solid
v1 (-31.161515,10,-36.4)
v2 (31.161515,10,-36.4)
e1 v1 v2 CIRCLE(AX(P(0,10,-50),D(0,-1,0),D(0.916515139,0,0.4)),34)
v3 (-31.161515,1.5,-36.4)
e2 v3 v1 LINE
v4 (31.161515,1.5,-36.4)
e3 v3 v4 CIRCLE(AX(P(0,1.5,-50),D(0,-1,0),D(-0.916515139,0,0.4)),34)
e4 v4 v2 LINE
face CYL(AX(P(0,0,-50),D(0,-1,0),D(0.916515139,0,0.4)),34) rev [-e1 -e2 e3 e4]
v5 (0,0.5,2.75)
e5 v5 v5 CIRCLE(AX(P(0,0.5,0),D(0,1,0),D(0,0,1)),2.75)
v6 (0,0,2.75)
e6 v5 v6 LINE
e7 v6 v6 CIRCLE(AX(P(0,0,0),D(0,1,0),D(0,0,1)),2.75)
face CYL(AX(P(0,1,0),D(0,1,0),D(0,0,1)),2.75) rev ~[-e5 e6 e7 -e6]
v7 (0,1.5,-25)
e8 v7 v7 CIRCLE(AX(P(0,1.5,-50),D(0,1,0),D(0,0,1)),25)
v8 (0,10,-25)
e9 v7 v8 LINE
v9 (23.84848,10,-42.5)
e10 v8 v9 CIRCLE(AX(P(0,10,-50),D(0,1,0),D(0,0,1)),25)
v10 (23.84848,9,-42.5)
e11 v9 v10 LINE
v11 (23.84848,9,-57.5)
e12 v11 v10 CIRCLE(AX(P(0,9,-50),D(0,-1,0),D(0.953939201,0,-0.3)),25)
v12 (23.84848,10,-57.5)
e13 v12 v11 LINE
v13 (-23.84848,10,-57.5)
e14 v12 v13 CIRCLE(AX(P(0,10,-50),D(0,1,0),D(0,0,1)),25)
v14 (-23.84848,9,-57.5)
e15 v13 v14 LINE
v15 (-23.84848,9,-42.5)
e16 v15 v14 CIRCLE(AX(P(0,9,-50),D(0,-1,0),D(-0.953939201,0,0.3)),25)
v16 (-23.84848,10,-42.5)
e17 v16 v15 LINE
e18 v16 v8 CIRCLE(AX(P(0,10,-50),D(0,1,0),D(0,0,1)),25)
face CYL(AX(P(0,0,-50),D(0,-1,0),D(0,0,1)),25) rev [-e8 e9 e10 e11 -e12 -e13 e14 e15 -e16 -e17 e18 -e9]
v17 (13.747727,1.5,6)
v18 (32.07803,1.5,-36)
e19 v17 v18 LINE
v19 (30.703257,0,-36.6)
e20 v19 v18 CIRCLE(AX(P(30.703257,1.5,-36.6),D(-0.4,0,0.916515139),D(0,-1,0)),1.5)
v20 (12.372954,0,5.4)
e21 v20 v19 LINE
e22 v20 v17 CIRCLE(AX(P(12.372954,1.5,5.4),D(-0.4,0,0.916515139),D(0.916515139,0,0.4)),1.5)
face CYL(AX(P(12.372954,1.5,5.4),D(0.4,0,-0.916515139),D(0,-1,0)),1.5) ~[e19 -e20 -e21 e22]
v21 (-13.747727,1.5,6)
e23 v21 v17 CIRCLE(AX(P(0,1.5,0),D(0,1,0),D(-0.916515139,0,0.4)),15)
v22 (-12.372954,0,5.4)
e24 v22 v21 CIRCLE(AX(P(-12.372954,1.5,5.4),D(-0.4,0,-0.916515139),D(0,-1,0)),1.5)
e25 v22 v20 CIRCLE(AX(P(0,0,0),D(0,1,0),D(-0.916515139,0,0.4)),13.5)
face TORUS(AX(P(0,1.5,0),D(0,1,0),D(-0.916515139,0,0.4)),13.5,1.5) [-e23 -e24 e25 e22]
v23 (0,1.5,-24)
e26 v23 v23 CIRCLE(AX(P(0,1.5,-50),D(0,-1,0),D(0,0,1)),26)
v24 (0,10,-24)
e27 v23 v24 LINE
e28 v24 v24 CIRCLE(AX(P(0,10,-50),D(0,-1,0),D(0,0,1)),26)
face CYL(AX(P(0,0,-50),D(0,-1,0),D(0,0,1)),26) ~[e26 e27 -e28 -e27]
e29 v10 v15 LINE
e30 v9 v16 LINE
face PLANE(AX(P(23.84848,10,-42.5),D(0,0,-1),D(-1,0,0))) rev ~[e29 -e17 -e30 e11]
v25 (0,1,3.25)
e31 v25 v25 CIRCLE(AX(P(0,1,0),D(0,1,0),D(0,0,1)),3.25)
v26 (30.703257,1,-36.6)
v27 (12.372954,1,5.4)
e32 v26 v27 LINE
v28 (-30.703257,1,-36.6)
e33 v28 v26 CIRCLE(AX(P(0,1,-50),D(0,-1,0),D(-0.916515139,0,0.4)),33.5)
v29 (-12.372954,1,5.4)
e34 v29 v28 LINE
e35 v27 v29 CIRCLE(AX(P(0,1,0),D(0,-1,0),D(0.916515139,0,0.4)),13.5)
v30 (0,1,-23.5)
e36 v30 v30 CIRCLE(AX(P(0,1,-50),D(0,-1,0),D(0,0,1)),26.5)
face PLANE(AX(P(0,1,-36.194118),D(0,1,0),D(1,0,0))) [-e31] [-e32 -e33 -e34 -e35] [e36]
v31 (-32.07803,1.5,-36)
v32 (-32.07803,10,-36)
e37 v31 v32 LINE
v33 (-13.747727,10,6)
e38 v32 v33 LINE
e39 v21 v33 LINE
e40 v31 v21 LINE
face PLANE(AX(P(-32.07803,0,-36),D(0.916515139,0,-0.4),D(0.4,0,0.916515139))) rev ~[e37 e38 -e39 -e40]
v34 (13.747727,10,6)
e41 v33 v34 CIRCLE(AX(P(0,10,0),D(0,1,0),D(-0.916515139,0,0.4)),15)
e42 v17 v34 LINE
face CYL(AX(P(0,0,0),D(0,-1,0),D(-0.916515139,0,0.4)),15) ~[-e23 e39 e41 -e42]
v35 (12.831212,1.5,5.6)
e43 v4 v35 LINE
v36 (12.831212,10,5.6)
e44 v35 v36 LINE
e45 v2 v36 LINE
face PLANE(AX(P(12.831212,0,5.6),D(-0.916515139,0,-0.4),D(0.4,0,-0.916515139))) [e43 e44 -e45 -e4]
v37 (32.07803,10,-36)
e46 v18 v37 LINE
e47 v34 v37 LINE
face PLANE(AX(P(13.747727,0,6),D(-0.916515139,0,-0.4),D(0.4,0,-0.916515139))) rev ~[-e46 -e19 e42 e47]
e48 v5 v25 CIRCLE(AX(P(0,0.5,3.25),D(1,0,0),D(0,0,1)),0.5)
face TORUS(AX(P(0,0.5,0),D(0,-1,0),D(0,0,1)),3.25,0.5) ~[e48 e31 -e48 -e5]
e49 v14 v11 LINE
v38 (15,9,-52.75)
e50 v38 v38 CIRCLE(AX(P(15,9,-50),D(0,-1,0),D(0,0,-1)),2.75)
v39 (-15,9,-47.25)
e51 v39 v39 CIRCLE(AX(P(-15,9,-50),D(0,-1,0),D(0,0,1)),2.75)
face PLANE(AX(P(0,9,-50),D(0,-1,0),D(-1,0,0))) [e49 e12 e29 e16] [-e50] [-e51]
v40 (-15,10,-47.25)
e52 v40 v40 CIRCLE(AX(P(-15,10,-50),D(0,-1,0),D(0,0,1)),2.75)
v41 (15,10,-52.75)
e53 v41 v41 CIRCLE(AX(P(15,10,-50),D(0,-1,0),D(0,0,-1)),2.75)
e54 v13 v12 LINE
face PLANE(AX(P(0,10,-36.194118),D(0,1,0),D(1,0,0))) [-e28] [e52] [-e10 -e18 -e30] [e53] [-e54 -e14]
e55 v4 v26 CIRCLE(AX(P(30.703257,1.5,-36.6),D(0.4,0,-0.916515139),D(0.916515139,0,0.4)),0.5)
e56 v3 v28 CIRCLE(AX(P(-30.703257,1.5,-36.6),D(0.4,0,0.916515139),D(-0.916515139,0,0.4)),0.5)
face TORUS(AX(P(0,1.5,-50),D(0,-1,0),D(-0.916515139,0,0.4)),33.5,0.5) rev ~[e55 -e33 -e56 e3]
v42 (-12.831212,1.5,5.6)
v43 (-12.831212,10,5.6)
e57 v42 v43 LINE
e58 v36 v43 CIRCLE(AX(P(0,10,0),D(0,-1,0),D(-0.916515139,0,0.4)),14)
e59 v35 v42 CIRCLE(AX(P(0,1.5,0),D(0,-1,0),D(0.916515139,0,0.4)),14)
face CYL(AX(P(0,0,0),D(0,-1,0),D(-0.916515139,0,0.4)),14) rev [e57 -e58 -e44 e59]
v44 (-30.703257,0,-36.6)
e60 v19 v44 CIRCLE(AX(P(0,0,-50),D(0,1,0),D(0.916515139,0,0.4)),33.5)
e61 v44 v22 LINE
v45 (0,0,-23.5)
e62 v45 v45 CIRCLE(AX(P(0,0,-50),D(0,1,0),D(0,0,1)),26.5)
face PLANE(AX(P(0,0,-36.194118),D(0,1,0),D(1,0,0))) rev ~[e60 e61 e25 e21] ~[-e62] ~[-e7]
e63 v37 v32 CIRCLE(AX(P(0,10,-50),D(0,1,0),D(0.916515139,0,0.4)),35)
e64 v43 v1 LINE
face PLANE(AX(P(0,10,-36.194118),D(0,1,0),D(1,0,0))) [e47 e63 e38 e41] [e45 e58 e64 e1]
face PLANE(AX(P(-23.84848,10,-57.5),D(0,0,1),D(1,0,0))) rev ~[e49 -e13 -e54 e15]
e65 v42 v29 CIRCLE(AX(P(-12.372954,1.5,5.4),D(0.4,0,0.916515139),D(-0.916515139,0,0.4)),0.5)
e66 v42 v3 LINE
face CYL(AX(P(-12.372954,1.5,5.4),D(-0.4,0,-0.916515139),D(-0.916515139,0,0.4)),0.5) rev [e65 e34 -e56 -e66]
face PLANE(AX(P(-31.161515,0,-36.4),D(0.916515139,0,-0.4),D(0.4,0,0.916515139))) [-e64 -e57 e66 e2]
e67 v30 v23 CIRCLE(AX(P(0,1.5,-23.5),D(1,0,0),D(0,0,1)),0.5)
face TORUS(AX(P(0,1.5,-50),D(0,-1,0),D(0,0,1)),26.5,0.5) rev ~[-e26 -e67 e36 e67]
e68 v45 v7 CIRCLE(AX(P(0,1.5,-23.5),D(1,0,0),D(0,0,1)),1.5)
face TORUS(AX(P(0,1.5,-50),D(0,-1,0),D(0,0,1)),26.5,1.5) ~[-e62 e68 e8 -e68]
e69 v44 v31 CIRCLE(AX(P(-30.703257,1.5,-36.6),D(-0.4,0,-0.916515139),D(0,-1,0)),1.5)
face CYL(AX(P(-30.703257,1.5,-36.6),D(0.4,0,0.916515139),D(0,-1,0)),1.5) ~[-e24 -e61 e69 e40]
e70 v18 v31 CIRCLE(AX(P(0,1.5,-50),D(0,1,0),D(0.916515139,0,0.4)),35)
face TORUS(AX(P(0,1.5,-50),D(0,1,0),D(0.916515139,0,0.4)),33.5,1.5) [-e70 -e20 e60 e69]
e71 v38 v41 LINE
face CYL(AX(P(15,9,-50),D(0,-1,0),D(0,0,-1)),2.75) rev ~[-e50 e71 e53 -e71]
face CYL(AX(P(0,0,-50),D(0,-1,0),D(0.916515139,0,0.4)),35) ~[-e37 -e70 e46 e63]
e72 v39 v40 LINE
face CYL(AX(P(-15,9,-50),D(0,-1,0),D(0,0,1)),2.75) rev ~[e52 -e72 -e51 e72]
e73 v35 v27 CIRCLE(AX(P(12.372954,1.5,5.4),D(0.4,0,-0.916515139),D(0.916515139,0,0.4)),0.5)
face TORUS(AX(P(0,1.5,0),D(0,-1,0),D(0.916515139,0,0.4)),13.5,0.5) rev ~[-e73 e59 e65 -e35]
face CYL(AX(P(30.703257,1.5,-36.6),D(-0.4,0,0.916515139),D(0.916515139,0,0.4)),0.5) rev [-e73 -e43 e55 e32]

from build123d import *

# Parameters (mm, degrees)
SKETCH1_R           = 25
BOSS_EXTRUDE1_DEPTH = 10
SHELL1_T            = -1
BOSS_EXTRUDE2_DEPTH = 1
CUT_EXTRUDE1_REACH  = 94.363
SKETCH4_R           = 2.75
FILLET1_R           = 0.5
FILLET2_R           = 1.5
CUT_EXTRUDE2_REACH  = 94.363
SKETCH5_R           = 2.75


with BuildPart() as part:
    # Sketch1 → Boss-Extrude1 (new body)
    with BuildSketch(Plane(origin=(0, 0, 0), x_dir=(1, 0, 0), z_dir=(0, 1, 0))):
        with BuildLine():
            Line((13.747727085, -6), (32.078029865, 36))
            ThreePointArc((32.078029865, 36), (0, 85), (-32.078029865, 36))
            Line((-32.078029865, 36), (-13.747727085, -6))
            ThreePointArc((-13.747727085, -6), (0, -15), (13.747727085, -6))
        make_face()
        with Locations(Location((0, 50, 0), (0, 0, 270))):
            Circle(SKETCH1_R, mode=Mode.SUBTRACT)
    extrude(amount=BOSS_EXTRUDE1_DEPTH)

    # Shell1
    shell1_openings = [part.faces().sort_by_distance(p)[0] for p in [
        (-21.794129173, 10, -15.488262225),
    ]]
    offset(amount=SHELL1_T, openings=shell1_openings, kind=Kind.INTERSECTION)

    # Sketch3 → Boss-Extrude2 (add)
    with BuildSketch(Plane(origin=(0, 10, 0), x_dir=(1, 0, 0), z_dir=(0, 1, 0))):
        with BuildLine():
            Line((-23.848480035, 57.5), (23.848480035, 57.5))
            ThreePointArc((23.848480035, 57.5), (25, 50), (23.848480035, 42.5))
            Line((23.848480035, 42.5), (-23.848480035, 42.5))
            ThreePointArc((-23.848480035, 42.5), (-25, 50), (-23.848480035, 57.5))
        make_face()
    extrude(amount=-BOSS_EXTRUDE2_DEPTH)

    # Sketch4 → Cut-Extrude1 (cut, up to next)
    with BuildSketch(Plane(origin=(0, 1, 0), x_dir=(1, 0, 0), z_dir=(0, 1, 0)), mode=Mode.PRIVATE) as cut_extrude1_sk1:
        with Locations(Location((0, 0, 0), (0, 0, 270))):
            Circle(SKETCH4_R)
    cut_extrude1_tool1 = extrude(cut_extrude1_sk1.sketch, amount=-CUT_EXTRUDE1_REACH, mode=Mode.PRIVATE) & part.part
    add(cut_extrude1_tool1.solids().sort_by_distance((0, 1, 0))[0], mode=Mode.SUBTRACT)

    # Fillet1
    fillet1_edges = [part.edges().sort_by_distance(p)[0] for p in [
        (0, 1, -76),
        (0, 1, 14),
        (21.996363336, 1, -15.4),
        (0, 1, -84),
        (-21.996363336, 1, -15.4),
        (0, 1, -2.75),
    ]]
    fillet(fillet1_edges, radius=FILLET1_R)

    # Fillet2
    fillet2_edges = [part.edges().sort_by_distance(p)[0] for p in [
        (0, 0, -75),
        (-22.912878475, 0, -15),
        (0, 0, -85),
        (22.912878475, 0, -15),
        (0, 0, 15),
    ]]
    fillet(fillet2_edges, radius=FILLET2_R)

    # Sketch5 → Cut-Extrude2 (cut, up to next)
    with BuildSketch(Plane.XZ.offset(-9), mode=Mode.PRIVATE) as cut_extrude2_sk1:
        with Locations(Location((15, -50, 0), (0, 0, 270))):
            Circle(SKETCH5_R)
    cut_extrude2_tool1 = extrude(cut_extrude2_sk1.sketch, amount=-CUT_EXTRUDE2_REACH, mode=Mode.PRIVATE) & part.part
    # Sketch5 → Cut-Extrude2 (cut, up to next)
    with BuildSketch(Plane.XZ.offset(-9), mode=Mode.PRIVATE) as cut_extrude2_sk2:
        with Locations(Location((-15, -50, 0), (0, 0, 90))):
            Circle(SKETCH5_R)
    cut_extrude2_tool2 = extrude(cut_extrude2_sk2.sketch, amount=-CUT_EXTRUDE2_REACH, mode=Mode.PRIVATE) & part.part
    add(cut_extrude2_tool1.solids().sort_by_distance((15, 9, -50))[0], mode=Mode.SUBTRACT)
    add(cut_extrude2_tool2.solids().sort_by_distance((-15, 9, -50))[0], mode=Mode.SUBTRACT)


solid = part.part
